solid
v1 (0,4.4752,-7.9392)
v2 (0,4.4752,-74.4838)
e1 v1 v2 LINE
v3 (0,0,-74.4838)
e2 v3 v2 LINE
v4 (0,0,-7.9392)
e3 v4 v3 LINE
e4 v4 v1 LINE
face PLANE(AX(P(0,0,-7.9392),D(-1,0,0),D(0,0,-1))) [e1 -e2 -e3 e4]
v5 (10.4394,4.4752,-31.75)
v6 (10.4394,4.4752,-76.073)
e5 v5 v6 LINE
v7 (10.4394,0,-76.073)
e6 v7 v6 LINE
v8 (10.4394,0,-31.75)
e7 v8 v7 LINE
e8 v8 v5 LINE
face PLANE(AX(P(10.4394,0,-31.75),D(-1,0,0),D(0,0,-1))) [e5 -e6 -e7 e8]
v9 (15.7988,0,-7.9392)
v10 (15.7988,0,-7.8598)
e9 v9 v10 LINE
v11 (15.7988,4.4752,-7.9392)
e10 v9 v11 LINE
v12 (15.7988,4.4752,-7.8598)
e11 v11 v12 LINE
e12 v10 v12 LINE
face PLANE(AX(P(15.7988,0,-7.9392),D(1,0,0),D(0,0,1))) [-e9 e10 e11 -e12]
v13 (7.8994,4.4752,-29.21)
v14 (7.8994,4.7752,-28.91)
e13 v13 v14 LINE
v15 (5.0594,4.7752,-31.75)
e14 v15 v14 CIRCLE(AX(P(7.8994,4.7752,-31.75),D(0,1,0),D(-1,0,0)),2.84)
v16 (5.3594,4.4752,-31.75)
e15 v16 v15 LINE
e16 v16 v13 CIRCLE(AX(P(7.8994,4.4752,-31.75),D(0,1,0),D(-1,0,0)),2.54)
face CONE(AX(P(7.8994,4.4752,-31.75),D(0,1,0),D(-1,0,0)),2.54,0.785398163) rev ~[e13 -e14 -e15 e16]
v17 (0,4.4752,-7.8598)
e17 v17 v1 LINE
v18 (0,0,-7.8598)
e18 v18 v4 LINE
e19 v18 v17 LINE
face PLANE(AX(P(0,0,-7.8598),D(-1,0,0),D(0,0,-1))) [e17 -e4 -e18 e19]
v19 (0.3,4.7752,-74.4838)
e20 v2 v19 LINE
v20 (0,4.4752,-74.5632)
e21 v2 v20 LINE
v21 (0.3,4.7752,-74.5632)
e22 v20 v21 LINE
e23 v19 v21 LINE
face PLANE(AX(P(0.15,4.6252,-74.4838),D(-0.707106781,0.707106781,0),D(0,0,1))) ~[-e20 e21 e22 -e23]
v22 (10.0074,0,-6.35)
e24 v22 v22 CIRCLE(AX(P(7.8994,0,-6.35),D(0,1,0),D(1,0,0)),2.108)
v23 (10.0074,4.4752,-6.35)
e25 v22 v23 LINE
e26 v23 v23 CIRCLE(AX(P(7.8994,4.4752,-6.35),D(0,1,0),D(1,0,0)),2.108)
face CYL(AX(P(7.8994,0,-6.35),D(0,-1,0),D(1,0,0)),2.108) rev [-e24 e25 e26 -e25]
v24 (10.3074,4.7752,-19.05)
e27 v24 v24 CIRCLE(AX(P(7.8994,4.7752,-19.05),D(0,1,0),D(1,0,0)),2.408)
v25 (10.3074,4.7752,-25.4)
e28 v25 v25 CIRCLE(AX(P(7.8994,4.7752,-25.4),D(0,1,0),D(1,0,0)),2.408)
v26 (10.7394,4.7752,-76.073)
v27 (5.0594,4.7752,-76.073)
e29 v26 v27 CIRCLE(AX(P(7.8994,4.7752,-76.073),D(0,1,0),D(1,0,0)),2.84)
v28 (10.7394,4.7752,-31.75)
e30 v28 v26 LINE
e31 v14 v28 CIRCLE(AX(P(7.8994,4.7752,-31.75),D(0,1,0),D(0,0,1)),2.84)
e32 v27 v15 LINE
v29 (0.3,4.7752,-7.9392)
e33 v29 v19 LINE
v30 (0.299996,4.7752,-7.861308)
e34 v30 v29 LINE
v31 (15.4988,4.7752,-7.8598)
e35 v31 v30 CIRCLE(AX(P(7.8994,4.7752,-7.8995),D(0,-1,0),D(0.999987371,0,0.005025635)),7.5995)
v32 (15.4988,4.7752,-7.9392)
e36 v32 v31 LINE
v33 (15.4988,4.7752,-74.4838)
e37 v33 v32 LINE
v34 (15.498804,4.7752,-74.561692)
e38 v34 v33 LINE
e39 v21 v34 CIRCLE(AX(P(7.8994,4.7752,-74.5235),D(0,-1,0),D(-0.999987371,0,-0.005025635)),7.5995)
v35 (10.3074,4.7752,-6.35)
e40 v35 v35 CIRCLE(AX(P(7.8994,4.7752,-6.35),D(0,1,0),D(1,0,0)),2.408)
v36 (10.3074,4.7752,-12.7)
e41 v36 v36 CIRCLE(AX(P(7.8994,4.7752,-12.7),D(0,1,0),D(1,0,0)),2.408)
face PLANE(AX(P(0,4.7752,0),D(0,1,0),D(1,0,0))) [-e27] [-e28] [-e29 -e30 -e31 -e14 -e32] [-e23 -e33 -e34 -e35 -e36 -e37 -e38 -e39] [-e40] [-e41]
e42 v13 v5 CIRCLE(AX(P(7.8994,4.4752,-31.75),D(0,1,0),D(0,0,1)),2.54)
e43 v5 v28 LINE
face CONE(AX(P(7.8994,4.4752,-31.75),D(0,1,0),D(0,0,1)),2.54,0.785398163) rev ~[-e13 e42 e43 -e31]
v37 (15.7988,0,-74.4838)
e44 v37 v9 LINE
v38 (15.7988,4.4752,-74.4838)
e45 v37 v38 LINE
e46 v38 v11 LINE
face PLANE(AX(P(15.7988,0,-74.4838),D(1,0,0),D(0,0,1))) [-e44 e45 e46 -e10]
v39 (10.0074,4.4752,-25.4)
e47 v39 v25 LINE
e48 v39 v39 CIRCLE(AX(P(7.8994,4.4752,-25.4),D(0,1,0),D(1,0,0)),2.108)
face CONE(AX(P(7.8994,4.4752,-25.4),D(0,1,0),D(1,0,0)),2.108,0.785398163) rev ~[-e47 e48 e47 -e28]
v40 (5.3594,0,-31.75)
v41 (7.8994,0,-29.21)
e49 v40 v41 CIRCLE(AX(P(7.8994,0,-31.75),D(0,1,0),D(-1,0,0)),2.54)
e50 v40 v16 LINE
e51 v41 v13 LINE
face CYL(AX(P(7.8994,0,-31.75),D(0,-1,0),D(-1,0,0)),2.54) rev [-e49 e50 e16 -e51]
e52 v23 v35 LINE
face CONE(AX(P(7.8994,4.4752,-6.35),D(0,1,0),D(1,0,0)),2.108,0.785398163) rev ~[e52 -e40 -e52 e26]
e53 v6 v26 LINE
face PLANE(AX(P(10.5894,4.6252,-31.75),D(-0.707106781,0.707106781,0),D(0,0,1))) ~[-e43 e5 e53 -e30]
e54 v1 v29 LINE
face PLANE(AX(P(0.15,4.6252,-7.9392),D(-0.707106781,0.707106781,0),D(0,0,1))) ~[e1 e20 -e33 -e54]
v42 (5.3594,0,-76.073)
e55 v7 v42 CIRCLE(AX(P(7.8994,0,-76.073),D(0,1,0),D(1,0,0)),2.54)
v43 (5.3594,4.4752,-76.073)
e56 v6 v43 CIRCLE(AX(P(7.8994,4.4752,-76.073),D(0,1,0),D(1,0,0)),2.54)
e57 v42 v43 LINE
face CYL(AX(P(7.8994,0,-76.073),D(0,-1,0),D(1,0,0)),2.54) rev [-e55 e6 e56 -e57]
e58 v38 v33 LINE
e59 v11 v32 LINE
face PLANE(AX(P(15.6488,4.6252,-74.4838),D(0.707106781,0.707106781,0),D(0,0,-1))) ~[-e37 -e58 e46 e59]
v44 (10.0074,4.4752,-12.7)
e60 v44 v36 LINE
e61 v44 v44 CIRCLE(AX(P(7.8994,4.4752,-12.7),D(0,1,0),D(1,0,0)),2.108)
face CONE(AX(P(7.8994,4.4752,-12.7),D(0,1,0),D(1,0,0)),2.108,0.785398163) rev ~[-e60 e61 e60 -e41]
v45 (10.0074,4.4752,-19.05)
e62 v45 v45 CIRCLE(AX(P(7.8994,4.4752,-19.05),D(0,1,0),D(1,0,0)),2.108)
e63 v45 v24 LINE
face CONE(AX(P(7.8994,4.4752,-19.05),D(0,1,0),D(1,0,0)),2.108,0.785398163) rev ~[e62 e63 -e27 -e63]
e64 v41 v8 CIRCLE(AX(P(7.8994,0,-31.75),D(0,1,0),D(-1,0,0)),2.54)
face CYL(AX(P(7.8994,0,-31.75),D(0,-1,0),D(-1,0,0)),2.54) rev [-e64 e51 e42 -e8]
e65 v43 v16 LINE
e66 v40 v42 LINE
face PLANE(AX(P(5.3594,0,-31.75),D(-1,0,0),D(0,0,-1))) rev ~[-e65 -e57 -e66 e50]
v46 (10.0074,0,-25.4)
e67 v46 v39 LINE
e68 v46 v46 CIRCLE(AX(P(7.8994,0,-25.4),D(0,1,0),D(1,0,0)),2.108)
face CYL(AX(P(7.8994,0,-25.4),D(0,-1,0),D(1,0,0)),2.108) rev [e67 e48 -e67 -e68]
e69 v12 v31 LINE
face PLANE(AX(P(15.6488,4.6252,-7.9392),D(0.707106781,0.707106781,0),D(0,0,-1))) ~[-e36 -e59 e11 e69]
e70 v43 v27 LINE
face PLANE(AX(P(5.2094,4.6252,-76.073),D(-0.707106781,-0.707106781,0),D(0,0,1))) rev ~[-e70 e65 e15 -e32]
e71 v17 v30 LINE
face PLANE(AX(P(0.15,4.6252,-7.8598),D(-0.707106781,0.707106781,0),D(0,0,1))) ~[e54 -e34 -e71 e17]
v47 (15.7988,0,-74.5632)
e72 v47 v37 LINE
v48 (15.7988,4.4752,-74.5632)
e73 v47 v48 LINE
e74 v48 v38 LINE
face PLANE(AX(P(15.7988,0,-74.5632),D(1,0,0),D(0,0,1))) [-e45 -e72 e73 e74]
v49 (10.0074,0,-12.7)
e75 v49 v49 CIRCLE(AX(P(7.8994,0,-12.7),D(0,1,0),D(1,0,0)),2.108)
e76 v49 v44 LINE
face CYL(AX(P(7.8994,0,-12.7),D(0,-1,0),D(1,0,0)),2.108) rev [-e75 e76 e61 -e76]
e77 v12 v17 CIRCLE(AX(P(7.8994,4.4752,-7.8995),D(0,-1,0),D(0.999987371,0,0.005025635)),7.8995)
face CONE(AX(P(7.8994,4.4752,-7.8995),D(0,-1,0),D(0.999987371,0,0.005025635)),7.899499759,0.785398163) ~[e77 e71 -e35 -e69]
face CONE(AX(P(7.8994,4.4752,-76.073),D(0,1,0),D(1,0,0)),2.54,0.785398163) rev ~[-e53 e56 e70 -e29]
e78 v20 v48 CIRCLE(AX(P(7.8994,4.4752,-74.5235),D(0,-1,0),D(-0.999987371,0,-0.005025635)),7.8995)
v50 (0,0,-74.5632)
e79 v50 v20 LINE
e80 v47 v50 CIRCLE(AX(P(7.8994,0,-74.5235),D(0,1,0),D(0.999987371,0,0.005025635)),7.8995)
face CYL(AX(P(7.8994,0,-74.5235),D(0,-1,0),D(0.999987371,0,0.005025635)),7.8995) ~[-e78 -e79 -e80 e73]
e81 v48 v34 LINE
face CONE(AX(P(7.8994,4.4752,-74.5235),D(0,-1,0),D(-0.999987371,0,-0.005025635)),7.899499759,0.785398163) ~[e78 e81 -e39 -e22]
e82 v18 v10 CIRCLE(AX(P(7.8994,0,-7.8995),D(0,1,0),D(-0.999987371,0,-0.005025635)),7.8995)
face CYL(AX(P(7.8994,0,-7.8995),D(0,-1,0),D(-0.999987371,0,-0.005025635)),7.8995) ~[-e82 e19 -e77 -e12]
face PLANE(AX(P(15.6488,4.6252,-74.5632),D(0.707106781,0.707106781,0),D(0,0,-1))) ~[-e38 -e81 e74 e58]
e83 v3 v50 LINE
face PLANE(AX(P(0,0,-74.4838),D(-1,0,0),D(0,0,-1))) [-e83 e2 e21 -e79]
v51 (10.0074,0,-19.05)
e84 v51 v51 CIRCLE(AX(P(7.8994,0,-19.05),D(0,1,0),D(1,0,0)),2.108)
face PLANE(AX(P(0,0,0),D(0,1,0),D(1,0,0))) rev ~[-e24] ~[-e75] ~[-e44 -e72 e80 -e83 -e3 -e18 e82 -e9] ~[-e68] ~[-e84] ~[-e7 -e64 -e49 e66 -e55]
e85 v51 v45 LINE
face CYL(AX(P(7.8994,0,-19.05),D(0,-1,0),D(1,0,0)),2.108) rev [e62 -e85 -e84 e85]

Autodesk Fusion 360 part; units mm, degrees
sketch "Esboço1" plane through (0, 0, 0) normal (0, 1, 0) x (1, 0, 0)
  line L0 (15.7988, 74.5632) -> (15.7988, 7.8598)
  line L1 (0, 7.8598) -> (0, 74.5632)
  circle A0 centre (7.8994, 6.35) radius 2.108
  circle A1 centre (7.8994, 12.7) radius 2.108
  circle A2 centre (7.8994, 19.05) radius 2.108
  circle A3 centre (7.8994, 25.4) radius 2.108
  line L2 (7.8994, 29.21) -> (7.8994, 31.75)
  arc A4 (15.7988, 74.4838) -> (0, 74.4838) centre (7.8994, 74.5235) ccw
  arc A5 (0, 7.9392) -> (15.7988, 7.9392) centre (7.8994, 7.8995) ccw
  arc A6 (5.3594, 31.75) -> (10.4394, 31.75) centre (7.8994, 31.75) ccw
  arc A7 (10.4394, 76.073) -> (5.3594, 76.073) centre (7.8994, 76.073) ccw
  line L3 (5.3594, 31.75) -> (5.3594, 76.073)
  line L4 (10.4394, 31.75) -> (10.4394, 76.073)
  dimension "d4" = 6.35
  dimension "d5" = 6.35
  dimension "d6" = 6.35
  dimension "d8" = 5.08
  dimension "d11" = 4.216
  dimension "d12" = 4.216
  dimension "d13" = 4.216
  dimension "d14" = 4.216
  dimension "d15" = 6.35
  dimension "d16" = 5.08
extrude "Extrusão1" add sketch "Esboço1" along normal blind 4.7752
chamfer "Chanfro1" distance 0.3 angle 45 12 edges at (15.7988, 4.7752, -41.2115) (7.8994, 4.7752, 0) (0, 4.7752, -41.2115) (7.8994, 4.7752, -82.423) (10.4394, 4.7752, -53.9115) (7.8994, 4.7752, -29.21) (5.3594, 4.7752, -53.9115) (7.8994, 4.7752, -78.613) (5.9341, 4.7752, -26.1623) (5.9341, 4.7752, -19.8123) (5.9341, 4.7752, -13.4623) (5.9341, 4.7752, -7.1123)
